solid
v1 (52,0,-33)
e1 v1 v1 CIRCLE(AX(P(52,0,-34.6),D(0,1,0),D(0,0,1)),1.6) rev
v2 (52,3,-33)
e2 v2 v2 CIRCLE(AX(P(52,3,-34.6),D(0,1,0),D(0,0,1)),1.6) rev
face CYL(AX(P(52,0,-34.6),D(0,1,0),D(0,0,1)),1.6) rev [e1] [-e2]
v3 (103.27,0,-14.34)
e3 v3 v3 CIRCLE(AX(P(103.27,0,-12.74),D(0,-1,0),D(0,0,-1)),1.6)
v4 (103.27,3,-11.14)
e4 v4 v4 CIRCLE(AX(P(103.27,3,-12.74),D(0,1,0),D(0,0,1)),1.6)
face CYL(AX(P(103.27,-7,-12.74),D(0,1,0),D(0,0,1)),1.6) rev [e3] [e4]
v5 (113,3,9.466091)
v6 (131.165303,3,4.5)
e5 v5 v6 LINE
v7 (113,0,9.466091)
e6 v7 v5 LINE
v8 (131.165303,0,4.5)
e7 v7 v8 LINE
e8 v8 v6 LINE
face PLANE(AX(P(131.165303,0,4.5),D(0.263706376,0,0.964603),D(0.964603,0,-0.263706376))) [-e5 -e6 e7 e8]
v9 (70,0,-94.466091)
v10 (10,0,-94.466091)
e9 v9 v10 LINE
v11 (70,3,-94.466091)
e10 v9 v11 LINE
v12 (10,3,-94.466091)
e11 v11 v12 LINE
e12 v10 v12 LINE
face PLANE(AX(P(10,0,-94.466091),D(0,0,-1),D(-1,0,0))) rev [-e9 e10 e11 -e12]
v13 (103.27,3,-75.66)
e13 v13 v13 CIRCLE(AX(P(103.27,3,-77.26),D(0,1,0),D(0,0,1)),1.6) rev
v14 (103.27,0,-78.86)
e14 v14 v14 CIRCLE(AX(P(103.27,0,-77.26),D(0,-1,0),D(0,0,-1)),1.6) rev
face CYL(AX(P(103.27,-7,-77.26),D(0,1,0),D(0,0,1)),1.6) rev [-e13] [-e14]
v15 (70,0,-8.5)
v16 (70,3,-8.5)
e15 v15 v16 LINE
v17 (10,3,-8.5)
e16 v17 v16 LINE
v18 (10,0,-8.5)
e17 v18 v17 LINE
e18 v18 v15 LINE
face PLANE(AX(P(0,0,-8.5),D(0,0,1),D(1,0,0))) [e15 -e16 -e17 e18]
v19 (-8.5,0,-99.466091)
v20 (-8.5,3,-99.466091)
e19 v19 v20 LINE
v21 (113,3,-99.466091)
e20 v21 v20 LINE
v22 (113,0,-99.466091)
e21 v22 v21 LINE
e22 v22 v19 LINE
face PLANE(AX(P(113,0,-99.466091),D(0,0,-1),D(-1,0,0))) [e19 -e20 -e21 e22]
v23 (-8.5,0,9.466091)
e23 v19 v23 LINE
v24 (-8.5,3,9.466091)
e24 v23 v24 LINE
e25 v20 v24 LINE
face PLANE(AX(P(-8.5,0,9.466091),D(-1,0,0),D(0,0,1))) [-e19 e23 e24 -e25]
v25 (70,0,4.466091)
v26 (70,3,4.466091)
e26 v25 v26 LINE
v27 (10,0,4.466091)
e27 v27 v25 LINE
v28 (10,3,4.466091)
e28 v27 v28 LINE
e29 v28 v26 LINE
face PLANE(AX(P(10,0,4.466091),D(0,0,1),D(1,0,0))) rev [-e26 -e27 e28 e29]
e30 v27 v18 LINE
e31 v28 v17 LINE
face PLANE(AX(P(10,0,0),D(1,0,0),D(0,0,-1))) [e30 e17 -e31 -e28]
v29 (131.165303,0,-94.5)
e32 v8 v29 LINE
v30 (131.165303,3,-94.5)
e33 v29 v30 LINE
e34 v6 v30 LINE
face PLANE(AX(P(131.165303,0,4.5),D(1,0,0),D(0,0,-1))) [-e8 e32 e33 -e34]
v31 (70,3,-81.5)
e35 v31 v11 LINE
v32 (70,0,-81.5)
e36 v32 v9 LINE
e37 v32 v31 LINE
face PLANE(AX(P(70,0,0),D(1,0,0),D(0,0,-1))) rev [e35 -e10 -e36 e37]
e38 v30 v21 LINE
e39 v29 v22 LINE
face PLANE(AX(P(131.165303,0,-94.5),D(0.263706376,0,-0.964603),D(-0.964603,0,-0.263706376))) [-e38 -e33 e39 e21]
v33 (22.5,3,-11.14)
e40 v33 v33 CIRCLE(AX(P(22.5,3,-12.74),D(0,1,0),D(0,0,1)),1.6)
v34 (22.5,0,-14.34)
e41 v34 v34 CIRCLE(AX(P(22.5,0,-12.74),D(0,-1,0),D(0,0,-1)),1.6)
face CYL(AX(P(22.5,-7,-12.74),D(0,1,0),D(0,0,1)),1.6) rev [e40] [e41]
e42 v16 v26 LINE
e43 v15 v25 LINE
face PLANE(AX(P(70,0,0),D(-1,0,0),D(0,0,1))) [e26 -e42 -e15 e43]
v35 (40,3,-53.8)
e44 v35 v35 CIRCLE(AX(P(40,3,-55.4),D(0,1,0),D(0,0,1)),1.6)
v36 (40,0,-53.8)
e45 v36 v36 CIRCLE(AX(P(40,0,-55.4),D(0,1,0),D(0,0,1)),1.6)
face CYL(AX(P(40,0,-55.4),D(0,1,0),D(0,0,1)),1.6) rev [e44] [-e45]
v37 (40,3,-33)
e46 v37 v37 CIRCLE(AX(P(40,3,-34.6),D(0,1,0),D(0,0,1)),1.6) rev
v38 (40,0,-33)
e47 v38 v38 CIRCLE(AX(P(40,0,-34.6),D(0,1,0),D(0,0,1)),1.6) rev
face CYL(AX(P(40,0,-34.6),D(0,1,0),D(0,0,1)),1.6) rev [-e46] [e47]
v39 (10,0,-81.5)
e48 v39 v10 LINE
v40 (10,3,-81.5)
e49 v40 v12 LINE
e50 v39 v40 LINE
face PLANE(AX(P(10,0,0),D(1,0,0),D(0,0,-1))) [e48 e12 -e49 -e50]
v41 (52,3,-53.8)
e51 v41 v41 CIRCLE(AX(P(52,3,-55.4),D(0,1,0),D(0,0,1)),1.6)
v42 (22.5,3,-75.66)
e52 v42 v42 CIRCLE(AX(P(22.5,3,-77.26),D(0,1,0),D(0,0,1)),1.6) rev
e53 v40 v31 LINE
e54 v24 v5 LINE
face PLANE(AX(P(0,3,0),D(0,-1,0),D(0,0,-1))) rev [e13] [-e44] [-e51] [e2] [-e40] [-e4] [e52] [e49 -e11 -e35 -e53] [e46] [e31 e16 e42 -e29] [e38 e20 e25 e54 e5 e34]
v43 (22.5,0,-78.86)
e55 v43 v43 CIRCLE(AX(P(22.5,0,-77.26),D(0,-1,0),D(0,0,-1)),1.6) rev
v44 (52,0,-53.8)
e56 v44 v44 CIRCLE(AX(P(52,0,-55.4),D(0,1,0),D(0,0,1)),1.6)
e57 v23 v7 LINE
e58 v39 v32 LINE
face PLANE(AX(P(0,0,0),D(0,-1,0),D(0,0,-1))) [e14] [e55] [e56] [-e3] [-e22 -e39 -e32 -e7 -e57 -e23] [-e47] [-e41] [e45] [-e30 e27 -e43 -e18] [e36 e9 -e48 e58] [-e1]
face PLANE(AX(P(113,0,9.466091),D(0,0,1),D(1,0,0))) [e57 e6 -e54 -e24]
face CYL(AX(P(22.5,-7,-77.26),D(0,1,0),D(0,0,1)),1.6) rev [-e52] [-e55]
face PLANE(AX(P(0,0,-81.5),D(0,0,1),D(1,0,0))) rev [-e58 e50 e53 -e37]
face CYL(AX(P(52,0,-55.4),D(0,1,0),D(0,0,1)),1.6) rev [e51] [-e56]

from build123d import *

# Parameters (mm, degrees)
SKETCH1_W           = 110
SKETCH1_H           = 90
BOSS_EXTRUDE1_DEPTH = 3
SKETCH2_W           = 60
SKETCH2_H           = 8.5
SKETCH2_R           = 1.6
CUT_EXTRUDE1_DEPTH  = 3
SKETCH4_R           = 1.6
CUT_EXTRUDE2_DEPTH  = 10
BOSS_EXTRU_1_DEPTH  = 3


with BuildPart() as part:
    # Sketch1 → Boss-Extrude1 (new body)
    with BuildSketch(Plane(origin=(0, 0, 0), x_dir=(1, 0, 0), z_dir=(0, 1, 0))):
        with Locations((55, 45)):
            Rectangle(SKETCH1_W, SKETCH1_H)
    extrude(amount=BOSS_EXTRUDE1_DEPTH)

    # Sketch2 → Cut-Extrude1 (cut)
    with BuildSketch(Plane(origin=(0, 3, 0), x_dir=(1, 0, 0), z_dir=(0, 1, 0))):
        with Locations((40, 85.75)):
            Rectangle(SKETCH2_W, SKETCH2_H)
        with Locations((40, 4.25)):
            Rectangle(SKETCH2_W, SKETCH2_H)
        with Locations(Location((40, 55.4, 0), (0, 0, 270))):
            Circle(SKETCH2_R)
        with Locations(Location((52, 55.4, 0), (0, 0, 270))):
            Circle(SKETCH2_R)
        with Locations(Location((52, 34.6, 0), (0, 0, 270))):
            Circle(SKETCH2_R)
        with Locations(Location((40, 34.6, 0), (0, 0, 270))):
            Circle(SKETCH2_R)
    extrude(amount=-CUT_EXTRUDE1_DEPTH, mode=Mode.SUBTRACT)

    # Sketch4 → Cut-Extrude2 (cut)
    with BuildSketch(Plane(origin=(0, 3, 0), x_dir=(1, 0, 0), z_dir=(0, 1, 0))):
        with Locations(Location((22.5, 77.26, 0), (0, 0, 270))):
            Circle(SKETCH4_R)
        with Locations(Location((22.5, 12.74, 0), (0, 0, 270))):
            Circle(SKETCH4_R)
        with Locations(Location((103.27, 12.74, 0), (0, 0, 270))):
            Circle(SKETCH4_R)
        with Locations(Location((103.27, 77.26, 0), (0, 0, 270))):
            Circle(SKETCH4_R)
    extrude(amount=-CUT_EXTRUDE2_DEPTH, mode=Mode.SUBTRACT)

    # Esquisse1 → Boss.-Extru.1 (add)
    with BuildSketch(Plane(origin=(0, 3, 0), x_dir=(1, 0, 0), z_dir=(0, 1, 0))):
        Polygon((113, -9.466090987), (-8.5, -9.466090987), (-8.5, -4.466090987), (-8.5, 94.466090987), (-8.5, 99.466090987), (113, 99.466090987), (131.165303172, 94.5), (131.165303172, -4.5), align=None)
        Polygon((10, 0), (10, -4.466090987), (70, -4.466090987), (70, 0), (110, 0), (110, 90), (70, 90), (70, 94.466090987), (10, 94.466090987), (10, 90), (0, 90), (0, 0), align=None, mode=Mode.SUBTRACT)
    extrude(amount=-BOSS_EXTRU_1_DEPTH)


solid = part.part
